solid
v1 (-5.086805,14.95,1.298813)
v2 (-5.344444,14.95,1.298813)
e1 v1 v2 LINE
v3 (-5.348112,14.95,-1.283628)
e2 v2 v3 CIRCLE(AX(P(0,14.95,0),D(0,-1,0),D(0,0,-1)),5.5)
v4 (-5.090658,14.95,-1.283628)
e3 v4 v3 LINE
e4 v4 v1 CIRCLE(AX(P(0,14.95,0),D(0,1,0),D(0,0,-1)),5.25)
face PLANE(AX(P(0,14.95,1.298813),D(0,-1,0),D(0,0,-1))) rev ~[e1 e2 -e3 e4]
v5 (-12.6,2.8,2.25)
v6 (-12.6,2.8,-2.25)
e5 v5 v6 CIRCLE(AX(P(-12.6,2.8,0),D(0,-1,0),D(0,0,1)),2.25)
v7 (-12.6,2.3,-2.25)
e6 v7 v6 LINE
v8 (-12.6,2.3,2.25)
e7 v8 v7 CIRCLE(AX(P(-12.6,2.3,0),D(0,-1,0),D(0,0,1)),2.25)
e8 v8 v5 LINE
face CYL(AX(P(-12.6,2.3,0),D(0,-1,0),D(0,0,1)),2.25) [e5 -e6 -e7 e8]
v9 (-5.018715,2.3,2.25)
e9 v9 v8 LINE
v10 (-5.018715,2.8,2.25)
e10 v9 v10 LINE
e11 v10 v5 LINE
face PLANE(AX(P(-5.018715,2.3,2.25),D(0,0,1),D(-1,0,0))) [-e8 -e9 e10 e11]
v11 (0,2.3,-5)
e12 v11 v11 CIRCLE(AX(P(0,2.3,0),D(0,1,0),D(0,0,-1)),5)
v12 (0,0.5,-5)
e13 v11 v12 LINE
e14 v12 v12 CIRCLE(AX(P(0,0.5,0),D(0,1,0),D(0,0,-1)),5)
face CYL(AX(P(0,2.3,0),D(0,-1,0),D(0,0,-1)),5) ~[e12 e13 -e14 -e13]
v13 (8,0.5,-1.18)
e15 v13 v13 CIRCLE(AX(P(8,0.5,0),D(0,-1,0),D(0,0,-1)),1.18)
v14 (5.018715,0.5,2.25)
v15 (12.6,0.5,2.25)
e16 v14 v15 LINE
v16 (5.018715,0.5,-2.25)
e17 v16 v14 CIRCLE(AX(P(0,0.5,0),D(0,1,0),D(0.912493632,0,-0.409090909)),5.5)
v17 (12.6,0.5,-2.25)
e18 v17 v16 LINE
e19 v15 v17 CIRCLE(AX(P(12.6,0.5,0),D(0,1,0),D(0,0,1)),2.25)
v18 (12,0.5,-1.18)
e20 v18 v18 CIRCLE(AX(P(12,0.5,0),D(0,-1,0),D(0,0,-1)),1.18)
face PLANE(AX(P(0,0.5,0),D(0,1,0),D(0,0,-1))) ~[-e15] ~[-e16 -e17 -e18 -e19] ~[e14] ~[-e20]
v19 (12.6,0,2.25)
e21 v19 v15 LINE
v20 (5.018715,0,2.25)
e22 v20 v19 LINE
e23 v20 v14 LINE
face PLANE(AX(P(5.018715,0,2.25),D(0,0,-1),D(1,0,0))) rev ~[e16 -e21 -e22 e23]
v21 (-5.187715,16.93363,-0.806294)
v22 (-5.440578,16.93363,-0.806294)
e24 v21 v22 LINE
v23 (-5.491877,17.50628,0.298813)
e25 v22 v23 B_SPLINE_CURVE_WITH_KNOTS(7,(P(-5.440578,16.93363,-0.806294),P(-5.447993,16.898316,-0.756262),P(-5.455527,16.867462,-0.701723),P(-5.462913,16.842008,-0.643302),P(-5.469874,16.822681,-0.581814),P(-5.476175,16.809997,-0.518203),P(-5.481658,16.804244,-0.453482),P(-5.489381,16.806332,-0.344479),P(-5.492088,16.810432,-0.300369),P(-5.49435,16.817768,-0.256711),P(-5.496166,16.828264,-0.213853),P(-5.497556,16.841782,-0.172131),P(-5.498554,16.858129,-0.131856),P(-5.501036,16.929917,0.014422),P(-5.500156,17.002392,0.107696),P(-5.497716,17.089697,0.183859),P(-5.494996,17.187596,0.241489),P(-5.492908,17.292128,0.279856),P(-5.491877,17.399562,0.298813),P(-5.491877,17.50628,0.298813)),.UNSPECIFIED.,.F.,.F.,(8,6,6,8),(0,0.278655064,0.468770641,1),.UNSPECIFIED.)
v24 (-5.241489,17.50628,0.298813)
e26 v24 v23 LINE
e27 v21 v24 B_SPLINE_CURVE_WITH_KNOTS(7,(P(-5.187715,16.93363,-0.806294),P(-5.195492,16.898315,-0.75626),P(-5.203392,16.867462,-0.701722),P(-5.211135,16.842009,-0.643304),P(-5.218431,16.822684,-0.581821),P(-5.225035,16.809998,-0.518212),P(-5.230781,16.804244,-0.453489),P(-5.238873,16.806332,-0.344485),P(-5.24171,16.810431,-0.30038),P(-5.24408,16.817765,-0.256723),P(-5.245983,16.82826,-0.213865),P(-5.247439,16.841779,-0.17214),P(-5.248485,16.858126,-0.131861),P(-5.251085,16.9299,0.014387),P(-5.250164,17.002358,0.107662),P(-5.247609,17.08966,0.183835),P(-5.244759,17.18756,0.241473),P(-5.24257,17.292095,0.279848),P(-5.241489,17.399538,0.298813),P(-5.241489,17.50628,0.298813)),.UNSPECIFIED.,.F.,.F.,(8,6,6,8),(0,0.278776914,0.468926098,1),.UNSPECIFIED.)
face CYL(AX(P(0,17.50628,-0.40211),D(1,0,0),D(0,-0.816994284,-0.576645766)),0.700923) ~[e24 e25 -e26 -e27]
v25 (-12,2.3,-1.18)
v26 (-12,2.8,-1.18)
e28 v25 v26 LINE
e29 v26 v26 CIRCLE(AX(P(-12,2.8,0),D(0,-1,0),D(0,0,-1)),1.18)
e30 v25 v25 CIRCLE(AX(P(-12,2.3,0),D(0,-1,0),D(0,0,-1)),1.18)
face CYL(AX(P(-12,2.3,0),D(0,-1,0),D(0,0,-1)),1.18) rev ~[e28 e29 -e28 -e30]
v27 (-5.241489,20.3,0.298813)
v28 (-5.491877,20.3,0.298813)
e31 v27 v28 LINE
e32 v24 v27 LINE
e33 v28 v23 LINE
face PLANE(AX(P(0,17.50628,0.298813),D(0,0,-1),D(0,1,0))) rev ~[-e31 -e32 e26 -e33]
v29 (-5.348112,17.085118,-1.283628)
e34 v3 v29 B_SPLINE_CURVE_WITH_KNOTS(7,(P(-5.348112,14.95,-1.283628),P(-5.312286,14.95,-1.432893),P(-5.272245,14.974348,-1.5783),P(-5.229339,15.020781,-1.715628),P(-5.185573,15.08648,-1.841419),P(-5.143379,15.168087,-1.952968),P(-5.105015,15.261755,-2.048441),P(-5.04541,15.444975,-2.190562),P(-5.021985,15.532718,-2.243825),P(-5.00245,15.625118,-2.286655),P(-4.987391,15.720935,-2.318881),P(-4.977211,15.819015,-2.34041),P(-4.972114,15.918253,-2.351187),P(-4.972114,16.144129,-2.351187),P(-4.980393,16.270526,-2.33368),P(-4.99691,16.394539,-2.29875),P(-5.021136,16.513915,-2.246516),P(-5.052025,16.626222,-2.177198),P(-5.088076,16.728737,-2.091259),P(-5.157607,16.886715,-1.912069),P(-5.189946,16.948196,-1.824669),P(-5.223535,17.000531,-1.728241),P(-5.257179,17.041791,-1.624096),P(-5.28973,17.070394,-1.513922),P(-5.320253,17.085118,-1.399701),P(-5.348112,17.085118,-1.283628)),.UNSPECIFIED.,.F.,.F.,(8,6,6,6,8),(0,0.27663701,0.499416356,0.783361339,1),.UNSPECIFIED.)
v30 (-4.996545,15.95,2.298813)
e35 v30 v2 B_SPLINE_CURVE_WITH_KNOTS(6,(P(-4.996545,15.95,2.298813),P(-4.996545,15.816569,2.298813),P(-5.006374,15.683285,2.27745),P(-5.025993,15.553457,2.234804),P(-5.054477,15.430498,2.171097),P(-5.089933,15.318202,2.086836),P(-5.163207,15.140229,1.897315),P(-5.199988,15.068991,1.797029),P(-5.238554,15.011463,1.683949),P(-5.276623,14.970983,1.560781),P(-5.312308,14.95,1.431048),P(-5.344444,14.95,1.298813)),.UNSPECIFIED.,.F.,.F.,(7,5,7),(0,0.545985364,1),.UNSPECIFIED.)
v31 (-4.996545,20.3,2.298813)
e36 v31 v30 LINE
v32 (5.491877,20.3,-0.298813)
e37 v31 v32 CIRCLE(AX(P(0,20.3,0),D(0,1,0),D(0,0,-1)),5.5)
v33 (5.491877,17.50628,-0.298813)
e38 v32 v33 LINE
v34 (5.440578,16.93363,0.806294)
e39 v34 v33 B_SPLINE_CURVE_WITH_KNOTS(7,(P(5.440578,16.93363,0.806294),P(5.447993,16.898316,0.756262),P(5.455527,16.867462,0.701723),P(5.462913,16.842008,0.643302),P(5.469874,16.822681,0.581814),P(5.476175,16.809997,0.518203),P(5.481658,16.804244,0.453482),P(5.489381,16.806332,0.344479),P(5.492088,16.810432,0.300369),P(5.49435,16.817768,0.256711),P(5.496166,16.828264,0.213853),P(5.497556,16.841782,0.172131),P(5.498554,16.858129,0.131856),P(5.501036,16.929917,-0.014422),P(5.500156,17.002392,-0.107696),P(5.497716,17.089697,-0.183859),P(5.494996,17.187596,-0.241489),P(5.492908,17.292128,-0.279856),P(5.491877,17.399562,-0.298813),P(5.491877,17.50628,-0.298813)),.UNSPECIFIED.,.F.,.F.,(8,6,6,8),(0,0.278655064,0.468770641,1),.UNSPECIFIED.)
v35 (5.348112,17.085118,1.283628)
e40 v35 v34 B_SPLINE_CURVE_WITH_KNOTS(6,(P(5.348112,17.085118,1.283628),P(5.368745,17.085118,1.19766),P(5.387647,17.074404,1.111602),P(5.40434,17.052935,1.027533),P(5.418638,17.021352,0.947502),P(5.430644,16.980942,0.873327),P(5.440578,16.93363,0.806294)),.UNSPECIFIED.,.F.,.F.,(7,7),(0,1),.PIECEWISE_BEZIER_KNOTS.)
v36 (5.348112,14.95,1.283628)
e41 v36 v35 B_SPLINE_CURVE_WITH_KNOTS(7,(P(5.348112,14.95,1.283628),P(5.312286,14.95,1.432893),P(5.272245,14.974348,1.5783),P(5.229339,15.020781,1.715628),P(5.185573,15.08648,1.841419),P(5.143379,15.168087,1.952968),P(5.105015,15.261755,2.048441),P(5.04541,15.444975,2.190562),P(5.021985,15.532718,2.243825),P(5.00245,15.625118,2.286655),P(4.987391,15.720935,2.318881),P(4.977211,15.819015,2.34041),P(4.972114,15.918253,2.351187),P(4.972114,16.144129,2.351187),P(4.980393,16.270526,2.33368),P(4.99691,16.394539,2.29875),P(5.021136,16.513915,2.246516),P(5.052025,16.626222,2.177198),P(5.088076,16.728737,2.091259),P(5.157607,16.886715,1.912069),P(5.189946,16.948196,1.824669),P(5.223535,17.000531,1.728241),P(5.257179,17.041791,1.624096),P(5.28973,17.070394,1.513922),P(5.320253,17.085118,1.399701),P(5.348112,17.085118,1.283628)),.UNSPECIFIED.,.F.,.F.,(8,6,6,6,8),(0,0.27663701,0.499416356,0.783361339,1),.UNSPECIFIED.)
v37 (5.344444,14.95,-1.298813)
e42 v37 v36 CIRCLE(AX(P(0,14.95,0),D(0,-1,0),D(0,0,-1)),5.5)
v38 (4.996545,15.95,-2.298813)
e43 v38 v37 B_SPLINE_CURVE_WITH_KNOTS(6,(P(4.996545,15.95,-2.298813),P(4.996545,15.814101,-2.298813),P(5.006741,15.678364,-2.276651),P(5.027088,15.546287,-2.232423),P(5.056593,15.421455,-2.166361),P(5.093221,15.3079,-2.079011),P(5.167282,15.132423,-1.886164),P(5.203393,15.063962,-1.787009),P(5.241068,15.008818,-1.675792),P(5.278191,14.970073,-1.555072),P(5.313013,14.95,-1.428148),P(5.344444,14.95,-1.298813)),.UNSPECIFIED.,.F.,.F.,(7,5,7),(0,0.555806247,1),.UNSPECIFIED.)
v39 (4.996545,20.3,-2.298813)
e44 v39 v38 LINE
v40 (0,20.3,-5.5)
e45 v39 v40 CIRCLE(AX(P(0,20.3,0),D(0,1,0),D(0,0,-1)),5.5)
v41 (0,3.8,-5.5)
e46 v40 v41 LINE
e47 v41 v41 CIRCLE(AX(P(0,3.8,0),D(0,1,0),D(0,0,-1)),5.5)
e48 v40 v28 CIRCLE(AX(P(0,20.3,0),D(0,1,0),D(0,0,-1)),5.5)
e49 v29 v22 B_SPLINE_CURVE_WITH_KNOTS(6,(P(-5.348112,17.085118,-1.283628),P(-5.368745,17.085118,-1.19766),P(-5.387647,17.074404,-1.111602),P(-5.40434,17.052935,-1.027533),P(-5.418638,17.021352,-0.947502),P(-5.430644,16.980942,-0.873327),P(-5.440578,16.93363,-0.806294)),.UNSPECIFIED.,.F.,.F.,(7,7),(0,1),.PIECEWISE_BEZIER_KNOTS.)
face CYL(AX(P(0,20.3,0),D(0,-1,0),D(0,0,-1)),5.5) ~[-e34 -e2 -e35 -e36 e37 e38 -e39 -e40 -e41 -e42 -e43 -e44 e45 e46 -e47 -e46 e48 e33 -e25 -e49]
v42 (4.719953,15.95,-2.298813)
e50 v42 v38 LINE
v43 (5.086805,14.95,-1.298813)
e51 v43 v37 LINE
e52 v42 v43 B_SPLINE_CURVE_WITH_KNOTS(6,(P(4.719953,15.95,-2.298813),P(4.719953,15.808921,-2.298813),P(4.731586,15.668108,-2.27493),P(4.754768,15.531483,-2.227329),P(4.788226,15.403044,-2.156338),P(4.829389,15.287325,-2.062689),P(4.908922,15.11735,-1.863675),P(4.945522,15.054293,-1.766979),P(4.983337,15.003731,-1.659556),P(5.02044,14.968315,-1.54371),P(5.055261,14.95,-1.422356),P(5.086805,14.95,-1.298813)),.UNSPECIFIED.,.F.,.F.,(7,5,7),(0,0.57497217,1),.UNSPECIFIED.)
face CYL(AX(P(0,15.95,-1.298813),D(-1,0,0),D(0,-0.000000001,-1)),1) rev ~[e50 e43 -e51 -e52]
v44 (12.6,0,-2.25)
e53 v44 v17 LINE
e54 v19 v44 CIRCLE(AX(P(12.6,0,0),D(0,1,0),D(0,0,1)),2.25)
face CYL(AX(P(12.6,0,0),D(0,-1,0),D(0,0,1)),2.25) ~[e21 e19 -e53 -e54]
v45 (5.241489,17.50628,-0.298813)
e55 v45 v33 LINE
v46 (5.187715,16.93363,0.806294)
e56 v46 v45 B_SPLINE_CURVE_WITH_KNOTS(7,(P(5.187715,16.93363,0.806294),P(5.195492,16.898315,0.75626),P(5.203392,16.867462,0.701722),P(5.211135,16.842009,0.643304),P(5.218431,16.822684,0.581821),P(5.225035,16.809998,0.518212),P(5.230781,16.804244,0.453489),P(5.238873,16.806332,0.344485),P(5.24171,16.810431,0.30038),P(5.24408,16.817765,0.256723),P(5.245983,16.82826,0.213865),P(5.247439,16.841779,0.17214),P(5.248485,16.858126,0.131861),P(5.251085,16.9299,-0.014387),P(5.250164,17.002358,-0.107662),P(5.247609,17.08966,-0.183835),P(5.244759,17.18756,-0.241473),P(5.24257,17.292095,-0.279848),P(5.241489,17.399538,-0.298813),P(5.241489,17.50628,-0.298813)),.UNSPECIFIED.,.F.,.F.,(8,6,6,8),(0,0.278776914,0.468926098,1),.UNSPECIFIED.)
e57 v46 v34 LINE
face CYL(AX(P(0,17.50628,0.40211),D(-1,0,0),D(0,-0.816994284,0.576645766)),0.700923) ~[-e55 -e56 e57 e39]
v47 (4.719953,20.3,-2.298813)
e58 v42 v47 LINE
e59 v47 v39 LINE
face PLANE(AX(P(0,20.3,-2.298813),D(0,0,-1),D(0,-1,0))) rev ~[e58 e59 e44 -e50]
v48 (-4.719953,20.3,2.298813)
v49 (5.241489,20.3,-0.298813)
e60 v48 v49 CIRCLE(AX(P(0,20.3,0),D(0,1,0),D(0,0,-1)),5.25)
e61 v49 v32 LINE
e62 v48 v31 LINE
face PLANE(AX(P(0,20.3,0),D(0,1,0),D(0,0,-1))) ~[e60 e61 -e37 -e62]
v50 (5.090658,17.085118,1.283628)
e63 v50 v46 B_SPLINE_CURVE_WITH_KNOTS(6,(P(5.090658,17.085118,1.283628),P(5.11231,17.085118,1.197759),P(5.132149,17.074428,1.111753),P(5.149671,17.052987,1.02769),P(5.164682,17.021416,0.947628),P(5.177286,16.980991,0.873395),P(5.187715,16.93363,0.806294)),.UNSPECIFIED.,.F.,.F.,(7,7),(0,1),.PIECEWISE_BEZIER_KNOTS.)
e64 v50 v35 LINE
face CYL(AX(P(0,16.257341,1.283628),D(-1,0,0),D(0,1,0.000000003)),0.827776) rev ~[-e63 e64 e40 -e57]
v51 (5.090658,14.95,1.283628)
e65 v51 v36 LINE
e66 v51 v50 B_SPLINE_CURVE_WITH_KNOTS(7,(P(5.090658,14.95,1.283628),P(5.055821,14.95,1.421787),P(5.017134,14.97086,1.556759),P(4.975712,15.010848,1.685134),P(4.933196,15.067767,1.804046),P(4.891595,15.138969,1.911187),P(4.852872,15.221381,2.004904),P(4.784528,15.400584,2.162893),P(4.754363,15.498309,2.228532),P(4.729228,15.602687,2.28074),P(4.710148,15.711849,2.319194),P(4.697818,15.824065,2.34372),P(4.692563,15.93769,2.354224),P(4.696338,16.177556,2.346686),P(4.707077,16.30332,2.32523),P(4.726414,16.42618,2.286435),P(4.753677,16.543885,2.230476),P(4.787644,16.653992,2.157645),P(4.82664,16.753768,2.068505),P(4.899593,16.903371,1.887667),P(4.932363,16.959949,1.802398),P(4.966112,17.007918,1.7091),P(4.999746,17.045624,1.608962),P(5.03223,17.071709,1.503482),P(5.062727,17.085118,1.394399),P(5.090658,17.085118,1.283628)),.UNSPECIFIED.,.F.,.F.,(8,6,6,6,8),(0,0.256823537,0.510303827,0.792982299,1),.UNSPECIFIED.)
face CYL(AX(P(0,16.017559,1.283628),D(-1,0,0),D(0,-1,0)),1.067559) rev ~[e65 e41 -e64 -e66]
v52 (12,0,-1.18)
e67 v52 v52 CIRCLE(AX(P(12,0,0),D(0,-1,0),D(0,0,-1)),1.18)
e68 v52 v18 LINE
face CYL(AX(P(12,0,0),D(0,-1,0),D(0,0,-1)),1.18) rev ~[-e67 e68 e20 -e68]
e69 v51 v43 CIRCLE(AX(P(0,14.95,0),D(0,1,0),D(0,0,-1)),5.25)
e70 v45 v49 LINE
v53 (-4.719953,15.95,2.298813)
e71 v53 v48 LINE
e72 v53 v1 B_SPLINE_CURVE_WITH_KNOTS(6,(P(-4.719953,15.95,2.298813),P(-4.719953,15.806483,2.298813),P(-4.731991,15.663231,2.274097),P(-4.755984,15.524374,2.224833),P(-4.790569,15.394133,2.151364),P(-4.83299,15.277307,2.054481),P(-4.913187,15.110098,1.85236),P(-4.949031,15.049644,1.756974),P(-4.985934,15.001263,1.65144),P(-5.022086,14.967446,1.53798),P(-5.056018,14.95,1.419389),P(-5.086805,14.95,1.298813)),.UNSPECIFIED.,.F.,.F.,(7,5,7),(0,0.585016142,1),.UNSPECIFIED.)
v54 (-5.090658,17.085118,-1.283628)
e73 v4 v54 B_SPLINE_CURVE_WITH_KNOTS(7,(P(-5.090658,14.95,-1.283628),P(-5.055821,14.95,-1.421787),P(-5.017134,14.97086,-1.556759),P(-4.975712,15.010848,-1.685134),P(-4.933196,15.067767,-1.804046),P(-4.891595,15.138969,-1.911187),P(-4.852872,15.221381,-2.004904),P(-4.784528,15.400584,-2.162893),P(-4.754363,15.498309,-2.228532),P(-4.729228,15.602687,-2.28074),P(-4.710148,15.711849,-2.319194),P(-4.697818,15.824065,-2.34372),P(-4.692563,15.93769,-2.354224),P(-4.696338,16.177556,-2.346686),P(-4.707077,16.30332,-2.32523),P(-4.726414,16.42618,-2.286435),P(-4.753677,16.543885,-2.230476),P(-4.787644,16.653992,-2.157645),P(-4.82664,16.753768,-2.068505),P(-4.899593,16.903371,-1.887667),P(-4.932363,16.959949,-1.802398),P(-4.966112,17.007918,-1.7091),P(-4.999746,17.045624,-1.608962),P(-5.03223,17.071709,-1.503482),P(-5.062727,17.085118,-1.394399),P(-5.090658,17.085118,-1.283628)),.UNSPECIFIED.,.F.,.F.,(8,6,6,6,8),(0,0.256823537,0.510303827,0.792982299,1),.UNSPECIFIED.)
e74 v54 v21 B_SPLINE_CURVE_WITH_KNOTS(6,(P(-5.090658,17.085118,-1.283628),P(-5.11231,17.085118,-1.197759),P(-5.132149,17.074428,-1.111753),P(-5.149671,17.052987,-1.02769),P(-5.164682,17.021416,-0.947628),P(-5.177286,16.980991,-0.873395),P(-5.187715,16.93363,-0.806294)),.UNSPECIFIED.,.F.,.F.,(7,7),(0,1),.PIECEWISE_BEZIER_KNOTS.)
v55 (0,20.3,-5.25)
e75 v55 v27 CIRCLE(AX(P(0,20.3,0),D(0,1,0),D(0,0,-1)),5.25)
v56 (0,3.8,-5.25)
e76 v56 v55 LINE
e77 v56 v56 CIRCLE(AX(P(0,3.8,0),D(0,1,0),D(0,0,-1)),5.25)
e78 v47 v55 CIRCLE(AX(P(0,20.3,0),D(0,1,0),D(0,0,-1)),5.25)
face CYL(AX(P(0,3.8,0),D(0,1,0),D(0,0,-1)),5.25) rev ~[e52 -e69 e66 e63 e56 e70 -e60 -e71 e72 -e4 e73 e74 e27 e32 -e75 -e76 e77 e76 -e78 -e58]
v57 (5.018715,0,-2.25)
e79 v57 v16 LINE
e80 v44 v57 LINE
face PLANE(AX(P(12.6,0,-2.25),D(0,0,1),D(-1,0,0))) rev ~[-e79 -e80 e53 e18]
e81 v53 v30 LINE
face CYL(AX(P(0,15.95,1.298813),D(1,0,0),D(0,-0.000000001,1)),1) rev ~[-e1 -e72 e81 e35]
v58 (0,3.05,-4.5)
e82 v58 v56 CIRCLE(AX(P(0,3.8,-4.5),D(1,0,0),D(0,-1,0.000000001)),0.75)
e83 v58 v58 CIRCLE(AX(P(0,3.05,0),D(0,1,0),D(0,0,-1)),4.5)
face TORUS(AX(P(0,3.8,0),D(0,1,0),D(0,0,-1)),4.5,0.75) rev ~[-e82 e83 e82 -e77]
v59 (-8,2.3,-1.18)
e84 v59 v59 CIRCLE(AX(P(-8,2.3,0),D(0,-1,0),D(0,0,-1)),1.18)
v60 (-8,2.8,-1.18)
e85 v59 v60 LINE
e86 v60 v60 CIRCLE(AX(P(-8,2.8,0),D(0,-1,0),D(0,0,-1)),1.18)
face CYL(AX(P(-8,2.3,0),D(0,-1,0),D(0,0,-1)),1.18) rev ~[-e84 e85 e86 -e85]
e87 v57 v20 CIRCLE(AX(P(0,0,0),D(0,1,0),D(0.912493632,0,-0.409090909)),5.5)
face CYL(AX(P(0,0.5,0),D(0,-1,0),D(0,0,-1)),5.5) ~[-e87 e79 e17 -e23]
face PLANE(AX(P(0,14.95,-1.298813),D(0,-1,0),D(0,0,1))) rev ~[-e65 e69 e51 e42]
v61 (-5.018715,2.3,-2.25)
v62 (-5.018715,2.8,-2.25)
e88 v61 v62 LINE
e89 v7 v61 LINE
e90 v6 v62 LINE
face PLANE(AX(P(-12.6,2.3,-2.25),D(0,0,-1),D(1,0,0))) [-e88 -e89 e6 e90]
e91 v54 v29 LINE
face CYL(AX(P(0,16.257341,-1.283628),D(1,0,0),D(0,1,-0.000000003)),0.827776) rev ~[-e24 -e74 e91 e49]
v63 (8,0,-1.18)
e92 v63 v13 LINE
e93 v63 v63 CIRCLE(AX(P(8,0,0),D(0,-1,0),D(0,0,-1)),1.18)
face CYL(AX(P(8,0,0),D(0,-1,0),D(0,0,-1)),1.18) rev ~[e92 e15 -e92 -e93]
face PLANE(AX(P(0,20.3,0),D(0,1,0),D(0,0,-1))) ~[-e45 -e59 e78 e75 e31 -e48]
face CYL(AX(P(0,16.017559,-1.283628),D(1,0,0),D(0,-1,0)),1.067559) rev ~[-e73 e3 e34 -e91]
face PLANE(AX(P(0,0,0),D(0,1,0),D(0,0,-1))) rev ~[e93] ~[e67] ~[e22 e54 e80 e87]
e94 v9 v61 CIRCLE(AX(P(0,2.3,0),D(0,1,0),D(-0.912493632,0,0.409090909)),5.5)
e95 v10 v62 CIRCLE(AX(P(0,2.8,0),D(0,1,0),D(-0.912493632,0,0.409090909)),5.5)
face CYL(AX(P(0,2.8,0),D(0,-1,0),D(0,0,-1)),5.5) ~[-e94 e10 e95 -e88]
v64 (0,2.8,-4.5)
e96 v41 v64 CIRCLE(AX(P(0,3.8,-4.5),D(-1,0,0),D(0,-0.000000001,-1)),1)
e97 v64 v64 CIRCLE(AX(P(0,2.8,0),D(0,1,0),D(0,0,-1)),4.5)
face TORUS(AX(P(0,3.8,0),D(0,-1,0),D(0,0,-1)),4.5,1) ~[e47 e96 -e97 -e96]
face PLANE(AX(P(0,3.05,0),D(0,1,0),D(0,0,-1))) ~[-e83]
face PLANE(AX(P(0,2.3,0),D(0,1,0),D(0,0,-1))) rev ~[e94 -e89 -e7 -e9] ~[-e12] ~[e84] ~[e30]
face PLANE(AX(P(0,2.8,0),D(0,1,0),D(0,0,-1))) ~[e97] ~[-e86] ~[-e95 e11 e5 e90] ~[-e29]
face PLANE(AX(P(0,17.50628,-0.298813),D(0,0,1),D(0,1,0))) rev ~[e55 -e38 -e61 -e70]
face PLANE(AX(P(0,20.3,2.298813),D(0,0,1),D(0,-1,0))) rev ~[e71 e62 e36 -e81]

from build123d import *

# Parameters (mm, degrees)
SKETCH2_R           = 1.18
BOSS_EXTRUDE1_DEPTH = 0.5
SKETCH3_R           = 1.18
BOSS_EXTRUDE2_DEPTH = 0.5
CUT_EXTRUDE1_DEPTH  = 10
CIRPATTERN1_COUNT   = 2
CIRPATTERN1_ANGLE   = 180


with BuildPart() as part:
    # Sketch1 → Revolve1 (revolve)
    with BuildSketch(Plane.XY, mode=Mode.PRIVATE) as revolve1_sk:
        with BuildLine():
            Line((5.5, 20.3), (5.5, 3.8))
            ThreePointArc((5.5, 3.8), (5.207106781, 3.092893219), (4.5, 2.8))
            Line((4.5, 2.8), (5.5, 2.8))
            Line((5.5, 2.8), (5.5, 2.3))
            Line((5.5, 2.3), (5, 2.3))
            Line((5, 2.3), (5, 0.5))
            Line((5, 0.5), (5.5, 0.5))
            Line((5.5, 0.5), (5.5, 0))
            Line((5.5, 0), (0, 0))
            Line((0, 0), (0, 3.05))
            Line((0, 3.05), (4.5, 3.05))
            ThreePointArc((4.5, 3.05), (5.030330086, 3.269669914), (5.25, 3.8))
            Line((5.25, 3.8), (5.25, 20.3))
            Line((5.25, 20.3), (5.5, 20.3))
        make_face()
    revolve(revolve1_sk.sketch.rotate(Axis((0, -2.4, 0), (0, 1, 0)), 90), axis=Axis((0, -2.4, 0), (0, 1, 0)))

    # Sketch2 → Boss-Extrude1 (add)
    with BuildSketch(Plane.XZ):
        with BuildLine():
            Line((5.018714975, 2.25), (12.6, 2.25))
            ThreePointArc((12.6, 2.25), (14.85, 0), (12.6, -2.25))
            Line((12.6, -2.25), (5.018714975, -2.25))
            ThreePointArc((5.018714975, -2.25), (5.5, 0), (5.018714975, 2.25))
        make_face()
        with Locations(Location((12, 0, 0), (0, 0, 270))):
            Circle(SKETCH2_R, mode=Mode.SUBTRACT)
        with Locations(Location((8, 0, 0), (0, 0, 270))):
            Circle(SKETCH2_R, mode=Mode.SUBTRACT)
    extrude(amount=-BOSS_EXTRUDE1_DEPTH)

    # Sketch3 → Boss-Extrude2 (add)
    with BuildSketch(Plane.XZ.offset(-2.3)):
        with BuildLine():
            Line((-5.018714975, 2.25), (-12.6, 2.25))
            ThreePointArc((-12.6, 2.25), (-14.85, 0), (-12.6, -2.25))
            Line((-12.6, -2.25), (-5.018714975, -2.25))
            ThreePointArc((-5.018714975, -2.25), (-5.37833303, -1.150449399), (-5.5, 0))
            ThreePointArc((-5.5, 0), (-5.37833303, 1.150449399), (-5.018714975, 2.25))
        make_face()
        with Locations(Location((-12, 0, 0), (0, 0, 270))):
            Circle(SKETCH3_R, mode=Mode.SUBTRACT)
        with Locations(Location((-8, 0, 0), (0, 0, 270))):
            Circle(SKETCH3_R, mode=Mode.SUBTRACT)
    extrude(amount=-BOSS_EXTRUDE2_DEPTH)

    # Sketch4 → Cut-Extrude1 (cut)
    with BuildSketch(Plane(origin=(0, 0, 0), x_dir=(0, 0, -1), z_dir=(1, 0, 0))):
        with BuildLine():
            Line((2.298813226, 20.3), (2.298813226, 15.95))
            ThreePointArc((2.298813226, 15.95), (2.005920007, 15.242893219), (1.298813226, 14.95))
            Line((1.298813226, 14.95), (-1.283627995, 14.95))
            ThreePointArc((-1.283627995, 14.95), (-2.351186774, 16.017558779), (-1.283627995, 17.085117557))
            ThreePointArc((-1.283627995, 17.085117557), (-1.03323034, 17.046337207), (-0.806294362, 16.933629784))
            ThreePointArc((-0.806294362, 16.933629784), (-0.079626551, 16.883947504), (0.298813226, 17.506280029))
            Line((0.298813226, 17.506280029), (0.298813226, 20.3))
            Line((0.298813226, 20.3), (2.298813226, 20.3))
        make_face()
    cut_extrude1 = extrude(amount=CUT_EXTRUDE1_DEPTH, mode=Mode.SUBTRACT)

    # CirPattern1: Cut-Extrude1 ×2 about axis
    cirpattern1_axis = Axis((0, 20.3, 0), (0, -1, 0))
    for i in range(1, CIRPATTERN1_COUNT):
        add(cut_extrude1.rotate(cirpattern1_axis, i * CIRPATTERN1_ANGLE / (CIRPATTERN1_COUNT - 1)), mode=Mode.SUBTRACT)


solid = part.part
